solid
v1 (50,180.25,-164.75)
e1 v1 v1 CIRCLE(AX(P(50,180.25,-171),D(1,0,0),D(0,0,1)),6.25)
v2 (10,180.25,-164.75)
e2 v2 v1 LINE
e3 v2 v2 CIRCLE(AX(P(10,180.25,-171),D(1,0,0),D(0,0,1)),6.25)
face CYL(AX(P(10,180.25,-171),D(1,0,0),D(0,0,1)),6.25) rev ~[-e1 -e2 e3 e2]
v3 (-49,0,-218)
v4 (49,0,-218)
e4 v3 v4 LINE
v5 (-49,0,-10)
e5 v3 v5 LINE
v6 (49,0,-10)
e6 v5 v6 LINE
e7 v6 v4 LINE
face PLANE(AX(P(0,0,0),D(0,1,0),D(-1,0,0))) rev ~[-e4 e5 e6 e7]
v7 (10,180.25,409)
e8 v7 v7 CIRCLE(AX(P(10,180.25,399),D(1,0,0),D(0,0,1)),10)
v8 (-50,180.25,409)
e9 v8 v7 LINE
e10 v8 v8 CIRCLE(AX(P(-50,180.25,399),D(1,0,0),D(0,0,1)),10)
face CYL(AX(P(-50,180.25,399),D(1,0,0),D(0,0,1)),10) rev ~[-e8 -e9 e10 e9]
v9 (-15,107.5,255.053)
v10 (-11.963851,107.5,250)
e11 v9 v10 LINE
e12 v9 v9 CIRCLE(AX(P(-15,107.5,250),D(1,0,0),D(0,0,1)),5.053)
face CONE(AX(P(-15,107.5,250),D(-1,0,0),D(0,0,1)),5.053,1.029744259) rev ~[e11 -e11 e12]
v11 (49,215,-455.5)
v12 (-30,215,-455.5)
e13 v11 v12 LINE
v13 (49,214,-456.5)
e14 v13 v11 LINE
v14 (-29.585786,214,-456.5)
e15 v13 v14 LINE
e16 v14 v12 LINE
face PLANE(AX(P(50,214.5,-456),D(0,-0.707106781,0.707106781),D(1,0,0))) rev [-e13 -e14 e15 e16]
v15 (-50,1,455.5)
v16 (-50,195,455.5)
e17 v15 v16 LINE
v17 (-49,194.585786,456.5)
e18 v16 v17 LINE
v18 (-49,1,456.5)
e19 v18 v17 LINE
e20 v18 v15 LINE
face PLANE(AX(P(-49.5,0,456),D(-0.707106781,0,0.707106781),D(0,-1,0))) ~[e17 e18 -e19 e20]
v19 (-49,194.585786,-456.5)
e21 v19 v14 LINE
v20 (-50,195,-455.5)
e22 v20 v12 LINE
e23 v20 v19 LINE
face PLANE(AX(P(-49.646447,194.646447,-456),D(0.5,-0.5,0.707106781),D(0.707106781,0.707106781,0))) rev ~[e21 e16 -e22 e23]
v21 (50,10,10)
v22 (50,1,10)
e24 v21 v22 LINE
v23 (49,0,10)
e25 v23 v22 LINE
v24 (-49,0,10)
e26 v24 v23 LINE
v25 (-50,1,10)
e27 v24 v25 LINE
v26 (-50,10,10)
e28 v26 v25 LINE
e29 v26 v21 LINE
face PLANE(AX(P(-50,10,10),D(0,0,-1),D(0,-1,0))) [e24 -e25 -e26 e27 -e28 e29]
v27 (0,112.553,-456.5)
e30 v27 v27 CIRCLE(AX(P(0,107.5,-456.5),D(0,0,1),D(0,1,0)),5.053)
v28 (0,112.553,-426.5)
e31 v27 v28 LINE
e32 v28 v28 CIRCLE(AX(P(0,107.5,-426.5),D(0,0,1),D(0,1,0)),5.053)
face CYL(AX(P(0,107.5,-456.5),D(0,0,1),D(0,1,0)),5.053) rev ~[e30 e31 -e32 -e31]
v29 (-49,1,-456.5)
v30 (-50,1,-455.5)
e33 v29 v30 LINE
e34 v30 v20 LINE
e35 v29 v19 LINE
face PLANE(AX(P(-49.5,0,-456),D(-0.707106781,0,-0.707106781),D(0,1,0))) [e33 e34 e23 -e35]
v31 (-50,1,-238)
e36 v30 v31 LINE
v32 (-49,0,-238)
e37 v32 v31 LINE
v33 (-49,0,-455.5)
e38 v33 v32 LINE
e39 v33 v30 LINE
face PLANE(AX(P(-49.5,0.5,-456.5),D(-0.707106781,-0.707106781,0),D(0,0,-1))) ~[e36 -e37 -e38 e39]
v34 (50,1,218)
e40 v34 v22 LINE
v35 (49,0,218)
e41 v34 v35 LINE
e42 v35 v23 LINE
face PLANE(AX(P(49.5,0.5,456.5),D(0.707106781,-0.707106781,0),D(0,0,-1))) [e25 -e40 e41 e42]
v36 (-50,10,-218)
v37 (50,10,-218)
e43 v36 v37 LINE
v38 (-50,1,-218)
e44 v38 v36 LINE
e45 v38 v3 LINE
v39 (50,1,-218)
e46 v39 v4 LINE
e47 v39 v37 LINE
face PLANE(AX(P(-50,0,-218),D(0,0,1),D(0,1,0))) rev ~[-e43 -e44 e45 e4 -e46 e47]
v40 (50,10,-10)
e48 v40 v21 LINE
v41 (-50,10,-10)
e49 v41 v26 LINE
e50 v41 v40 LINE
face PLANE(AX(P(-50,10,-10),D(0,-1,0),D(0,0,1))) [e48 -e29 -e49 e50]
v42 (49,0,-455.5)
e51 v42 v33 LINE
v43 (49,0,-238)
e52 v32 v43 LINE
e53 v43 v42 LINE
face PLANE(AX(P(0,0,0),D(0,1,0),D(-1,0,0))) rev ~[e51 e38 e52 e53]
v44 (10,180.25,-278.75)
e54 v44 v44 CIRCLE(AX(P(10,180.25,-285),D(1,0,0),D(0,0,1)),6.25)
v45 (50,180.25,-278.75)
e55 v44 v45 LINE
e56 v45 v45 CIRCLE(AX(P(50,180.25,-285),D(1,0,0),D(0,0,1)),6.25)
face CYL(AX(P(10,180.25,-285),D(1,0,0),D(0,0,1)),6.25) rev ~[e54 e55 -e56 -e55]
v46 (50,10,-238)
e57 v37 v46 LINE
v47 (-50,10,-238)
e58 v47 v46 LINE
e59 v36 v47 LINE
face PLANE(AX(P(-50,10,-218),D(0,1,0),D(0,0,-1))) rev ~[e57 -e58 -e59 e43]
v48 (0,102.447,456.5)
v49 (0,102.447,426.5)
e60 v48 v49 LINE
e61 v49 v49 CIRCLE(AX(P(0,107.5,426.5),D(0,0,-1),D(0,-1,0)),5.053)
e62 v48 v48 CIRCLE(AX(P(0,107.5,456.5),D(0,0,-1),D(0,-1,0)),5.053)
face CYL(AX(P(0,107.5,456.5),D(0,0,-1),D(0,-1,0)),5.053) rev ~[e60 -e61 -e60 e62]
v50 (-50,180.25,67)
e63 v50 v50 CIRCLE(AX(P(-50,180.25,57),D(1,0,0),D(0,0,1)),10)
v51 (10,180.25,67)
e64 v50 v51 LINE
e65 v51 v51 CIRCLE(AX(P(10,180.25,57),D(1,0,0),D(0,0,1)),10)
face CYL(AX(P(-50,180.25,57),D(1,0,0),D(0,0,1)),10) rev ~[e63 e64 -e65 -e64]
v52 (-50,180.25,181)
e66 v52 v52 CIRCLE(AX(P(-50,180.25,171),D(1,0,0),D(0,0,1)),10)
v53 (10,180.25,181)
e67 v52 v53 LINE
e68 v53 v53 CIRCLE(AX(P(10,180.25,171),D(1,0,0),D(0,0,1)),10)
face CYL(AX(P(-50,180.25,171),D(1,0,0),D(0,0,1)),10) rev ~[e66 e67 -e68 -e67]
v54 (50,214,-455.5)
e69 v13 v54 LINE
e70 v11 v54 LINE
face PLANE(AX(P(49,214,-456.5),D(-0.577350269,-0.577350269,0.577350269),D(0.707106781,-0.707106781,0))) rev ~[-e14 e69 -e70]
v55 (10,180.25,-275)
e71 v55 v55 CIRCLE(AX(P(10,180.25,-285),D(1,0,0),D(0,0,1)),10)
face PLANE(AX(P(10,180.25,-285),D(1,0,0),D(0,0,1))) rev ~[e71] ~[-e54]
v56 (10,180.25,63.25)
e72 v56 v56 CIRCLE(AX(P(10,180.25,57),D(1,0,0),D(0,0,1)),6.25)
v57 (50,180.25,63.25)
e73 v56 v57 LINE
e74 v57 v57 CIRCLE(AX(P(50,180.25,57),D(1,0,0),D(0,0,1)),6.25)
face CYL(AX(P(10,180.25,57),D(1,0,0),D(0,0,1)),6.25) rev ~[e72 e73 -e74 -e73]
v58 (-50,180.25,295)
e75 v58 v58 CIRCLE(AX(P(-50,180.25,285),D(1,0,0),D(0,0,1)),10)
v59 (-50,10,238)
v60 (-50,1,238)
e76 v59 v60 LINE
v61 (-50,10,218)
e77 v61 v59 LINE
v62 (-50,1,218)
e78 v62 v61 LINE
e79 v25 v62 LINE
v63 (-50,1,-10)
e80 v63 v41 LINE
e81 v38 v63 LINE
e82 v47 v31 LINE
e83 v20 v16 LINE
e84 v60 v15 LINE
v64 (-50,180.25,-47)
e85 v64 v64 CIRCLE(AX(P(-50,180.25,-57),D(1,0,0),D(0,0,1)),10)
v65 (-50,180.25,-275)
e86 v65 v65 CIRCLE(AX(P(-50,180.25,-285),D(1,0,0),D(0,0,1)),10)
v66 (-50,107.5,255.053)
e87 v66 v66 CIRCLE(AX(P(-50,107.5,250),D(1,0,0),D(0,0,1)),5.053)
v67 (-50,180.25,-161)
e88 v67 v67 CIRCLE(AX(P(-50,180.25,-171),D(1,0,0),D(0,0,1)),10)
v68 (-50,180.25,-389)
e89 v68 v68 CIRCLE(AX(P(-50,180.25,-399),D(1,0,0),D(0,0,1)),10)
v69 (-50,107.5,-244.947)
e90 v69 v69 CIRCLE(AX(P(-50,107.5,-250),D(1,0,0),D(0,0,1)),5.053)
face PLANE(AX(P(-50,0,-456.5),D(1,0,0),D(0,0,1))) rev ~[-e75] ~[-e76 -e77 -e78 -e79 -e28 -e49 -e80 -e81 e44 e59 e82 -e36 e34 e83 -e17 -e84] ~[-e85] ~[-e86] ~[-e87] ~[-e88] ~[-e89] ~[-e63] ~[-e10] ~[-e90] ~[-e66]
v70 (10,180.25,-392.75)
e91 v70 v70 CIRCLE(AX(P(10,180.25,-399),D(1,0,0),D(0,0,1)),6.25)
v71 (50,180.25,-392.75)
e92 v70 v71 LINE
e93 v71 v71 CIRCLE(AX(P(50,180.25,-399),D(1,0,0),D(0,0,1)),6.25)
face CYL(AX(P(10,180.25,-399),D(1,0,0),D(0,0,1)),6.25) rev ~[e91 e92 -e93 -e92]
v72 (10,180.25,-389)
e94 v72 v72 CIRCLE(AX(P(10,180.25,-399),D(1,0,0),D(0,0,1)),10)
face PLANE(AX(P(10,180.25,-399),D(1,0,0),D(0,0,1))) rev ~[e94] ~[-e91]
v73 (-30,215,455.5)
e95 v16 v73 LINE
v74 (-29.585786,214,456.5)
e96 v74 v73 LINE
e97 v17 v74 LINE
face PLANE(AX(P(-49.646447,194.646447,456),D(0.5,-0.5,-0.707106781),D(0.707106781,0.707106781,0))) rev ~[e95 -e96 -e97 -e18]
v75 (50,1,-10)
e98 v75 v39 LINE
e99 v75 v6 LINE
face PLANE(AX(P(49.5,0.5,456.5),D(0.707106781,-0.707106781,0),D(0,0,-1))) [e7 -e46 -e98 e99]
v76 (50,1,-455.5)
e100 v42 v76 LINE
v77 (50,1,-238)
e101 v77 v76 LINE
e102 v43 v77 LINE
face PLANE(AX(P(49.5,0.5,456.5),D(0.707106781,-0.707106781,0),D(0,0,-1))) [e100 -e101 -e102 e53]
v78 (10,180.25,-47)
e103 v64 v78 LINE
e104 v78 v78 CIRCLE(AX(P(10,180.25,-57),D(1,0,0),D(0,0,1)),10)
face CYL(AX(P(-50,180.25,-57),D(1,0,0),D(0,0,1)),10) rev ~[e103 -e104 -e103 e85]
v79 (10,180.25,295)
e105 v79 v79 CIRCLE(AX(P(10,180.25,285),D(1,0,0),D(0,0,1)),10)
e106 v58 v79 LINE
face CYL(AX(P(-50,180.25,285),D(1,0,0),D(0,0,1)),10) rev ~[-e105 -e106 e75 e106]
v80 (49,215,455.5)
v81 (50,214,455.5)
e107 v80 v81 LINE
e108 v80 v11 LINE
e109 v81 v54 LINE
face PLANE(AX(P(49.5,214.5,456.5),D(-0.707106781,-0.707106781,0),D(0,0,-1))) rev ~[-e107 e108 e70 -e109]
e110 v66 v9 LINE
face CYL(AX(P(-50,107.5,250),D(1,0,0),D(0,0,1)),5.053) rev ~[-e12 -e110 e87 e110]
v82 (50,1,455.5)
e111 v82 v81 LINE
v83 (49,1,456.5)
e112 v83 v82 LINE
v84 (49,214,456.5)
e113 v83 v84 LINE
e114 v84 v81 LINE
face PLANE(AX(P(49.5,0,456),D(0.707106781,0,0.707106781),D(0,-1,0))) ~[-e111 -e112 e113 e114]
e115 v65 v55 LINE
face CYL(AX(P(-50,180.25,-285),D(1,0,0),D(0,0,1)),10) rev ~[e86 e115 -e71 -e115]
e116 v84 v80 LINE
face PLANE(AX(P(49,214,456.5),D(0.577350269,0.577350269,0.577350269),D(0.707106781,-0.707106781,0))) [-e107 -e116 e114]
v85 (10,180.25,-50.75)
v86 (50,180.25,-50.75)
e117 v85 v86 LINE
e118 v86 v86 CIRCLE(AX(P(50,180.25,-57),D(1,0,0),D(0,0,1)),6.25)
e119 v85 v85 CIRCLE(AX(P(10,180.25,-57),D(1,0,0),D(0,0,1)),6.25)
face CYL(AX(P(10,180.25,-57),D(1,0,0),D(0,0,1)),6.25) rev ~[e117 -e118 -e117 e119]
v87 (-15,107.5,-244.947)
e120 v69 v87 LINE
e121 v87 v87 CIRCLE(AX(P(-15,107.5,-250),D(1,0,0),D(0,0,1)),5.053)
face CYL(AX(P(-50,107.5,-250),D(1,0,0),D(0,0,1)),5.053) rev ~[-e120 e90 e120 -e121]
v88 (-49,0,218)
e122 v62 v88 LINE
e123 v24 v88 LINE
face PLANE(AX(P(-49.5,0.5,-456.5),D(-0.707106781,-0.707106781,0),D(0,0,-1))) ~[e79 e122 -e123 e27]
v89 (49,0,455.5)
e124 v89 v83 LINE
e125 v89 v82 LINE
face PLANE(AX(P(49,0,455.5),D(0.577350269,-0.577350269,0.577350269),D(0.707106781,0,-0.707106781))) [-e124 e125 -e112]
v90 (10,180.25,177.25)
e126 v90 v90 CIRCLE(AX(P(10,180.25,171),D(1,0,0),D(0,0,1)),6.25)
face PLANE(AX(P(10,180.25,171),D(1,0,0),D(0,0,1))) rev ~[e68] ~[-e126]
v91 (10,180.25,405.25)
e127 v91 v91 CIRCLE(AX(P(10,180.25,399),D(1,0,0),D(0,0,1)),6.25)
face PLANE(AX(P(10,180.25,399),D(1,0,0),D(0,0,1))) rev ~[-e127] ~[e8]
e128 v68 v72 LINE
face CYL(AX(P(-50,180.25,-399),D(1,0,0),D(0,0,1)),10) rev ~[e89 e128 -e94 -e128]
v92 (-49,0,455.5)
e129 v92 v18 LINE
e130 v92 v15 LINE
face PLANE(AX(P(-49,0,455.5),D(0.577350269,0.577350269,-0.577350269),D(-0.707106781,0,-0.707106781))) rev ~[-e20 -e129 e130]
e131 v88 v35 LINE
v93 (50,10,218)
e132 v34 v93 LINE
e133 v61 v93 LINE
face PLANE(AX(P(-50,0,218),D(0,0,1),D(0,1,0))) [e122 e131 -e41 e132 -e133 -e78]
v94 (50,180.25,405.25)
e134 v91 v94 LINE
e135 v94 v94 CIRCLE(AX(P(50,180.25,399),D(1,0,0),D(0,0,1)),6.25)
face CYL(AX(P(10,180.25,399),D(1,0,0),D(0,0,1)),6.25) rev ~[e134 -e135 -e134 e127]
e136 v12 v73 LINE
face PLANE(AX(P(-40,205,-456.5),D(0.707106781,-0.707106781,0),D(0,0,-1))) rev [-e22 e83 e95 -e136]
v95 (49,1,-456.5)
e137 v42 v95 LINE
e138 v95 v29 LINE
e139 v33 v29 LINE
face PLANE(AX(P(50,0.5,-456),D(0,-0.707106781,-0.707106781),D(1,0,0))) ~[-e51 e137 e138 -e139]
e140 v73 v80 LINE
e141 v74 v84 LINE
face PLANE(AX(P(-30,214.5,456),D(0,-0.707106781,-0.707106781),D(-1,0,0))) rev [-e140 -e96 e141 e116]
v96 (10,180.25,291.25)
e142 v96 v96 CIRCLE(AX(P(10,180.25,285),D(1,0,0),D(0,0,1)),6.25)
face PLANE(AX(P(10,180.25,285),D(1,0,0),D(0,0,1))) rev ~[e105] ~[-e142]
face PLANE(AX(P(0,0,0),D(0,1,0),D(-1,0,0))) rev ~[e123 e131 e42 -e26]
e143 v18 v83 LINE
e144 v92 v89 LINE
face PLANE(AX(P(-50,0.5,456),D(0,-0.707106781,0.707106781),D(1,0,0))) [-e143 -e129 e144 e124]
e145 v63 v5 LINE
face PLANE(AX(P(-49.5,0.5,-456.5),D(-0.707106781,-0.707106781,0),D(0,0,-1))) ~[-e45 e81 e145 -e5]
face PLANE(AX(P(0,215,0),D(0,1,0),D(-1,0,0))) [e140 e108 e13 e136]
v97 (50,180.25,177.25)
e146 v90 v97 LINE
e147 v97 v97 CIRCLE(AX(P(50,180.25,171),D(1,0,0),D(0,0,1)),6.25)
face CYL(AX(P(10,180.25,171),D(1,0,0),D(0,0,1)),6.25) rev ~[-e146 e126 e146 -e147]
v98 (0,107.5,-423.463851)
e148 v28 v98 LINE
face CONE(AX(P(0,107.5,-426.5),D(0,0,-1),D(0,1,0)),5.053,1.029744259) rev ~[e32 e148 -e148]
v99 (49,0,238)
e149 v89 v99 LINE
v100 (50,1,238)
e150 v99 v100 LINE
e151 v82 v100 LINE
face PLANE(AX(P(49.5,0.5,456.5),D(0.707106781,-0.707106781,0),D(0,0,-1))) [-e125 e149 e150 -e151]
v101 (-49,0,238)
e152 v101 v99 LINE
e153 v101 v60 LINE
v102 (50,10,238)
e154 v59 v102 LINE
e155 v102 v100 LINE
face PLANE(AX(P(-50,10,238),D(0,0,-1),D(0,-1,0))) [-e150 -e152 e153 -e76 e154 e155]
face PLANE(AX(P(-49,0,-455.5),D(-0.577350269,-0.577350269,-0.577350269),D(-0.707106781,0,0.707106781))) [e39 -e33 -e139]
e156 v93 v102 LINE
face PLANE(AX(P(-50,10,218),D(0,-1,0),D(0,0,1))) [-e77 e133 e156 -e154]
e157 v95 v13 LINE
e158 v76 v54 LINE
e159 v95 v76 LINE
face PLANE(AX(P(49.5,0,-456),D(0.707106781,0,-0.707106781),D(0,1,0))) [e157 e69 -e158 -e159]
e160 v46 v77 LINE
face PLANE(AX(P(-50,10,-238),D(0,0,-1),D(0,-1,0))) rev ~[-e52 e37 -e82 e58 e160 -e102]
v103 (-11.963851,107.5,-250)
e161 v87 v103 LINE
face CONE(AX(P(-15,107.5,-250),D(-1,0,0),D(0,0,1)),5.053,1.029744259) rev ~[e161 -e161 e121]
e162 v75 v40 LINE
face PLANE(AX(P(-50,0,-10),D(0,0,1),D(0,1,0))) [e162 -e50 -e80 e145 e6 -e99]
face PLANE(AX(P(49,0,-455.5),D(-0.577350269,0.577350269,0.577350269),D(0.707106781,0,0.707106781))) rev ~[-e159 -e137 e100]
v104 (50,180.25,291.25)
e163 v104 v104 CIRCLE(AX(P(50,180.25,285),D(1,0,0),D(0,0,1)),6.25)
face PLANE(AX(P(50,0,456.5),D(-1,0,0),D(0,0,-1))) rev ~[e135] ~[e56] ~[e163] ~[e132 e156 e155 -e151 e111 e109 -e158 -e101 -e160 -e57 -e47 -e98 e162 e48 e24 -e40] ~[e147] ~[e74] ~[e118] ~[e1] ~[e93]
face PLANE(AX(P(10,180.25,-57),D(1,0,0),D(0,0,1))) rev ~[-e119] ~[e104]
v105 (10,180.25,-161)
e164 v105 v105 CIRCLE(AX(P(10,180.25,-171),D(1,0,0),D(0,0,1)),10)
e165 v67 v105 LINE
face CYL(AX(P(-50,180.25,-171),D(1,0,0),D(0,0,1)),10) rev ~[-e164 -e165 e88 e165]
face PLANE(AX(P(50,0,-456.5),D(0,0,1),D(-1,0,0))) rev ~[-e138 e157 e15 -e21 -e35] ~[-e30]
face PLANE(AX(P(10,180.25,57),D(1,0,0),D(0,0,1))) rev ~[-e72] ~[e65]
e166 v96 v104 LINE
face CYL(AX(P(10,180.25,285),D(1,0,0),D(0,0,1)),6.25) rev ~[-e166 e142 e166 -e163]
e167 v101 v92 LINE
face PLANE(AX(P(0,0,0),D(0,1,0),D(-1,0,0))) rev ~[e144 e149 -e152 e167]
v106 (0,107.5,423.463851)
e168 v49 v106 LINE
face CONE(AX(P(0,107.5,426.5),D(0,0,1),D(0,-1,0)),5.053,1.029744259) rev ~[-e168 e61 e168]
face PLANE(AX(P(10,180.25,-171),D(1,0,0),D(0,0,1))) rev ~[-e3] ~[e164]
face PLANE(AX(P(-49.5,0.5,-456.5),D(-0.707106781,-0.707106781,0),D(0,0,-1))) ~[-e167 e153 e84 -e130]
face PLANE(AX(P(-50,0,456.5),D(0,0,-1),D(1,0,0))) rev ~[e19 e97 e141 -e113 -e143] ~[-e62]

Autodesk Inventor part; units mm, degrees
ref_plane "YZ Plane" through (0, 0, 0) normal (1, 0, 0) x (0, 1, 0)
ref_plane "XZ Plane" through (0, 0, 0) normal (0, 1, 0) x (-1, 0, 0)
ref_plane "XY Plane" through (0, 0, 0) normal (0, 0, 1) x (1, 0, 0)
sketch "Sketch5" plane through (0, 0, 0) normal (0, 1, 0) x (-1, 0, 0)
  line L0 (50, 456.5) -> (-50, 456.5)
  line L1 (-50, 456.5) -> (-50, -456.5)
  line L2 (-50, -456.5) -> (50, -456.5)
  line L3 (50, -456.5) -> (50, 456.5)
  point P0 (0, 0)
  point P1 (50, 0)
  point P2 (0, 456.5)
  dimension "d8" = 100
  dimension "d9" = 913
extrude "Extrusion5" add sketch "Sketch5" along normal blind 215
sketch "Sketch7" plane through (-50, 0, -456.5) normal (-1, 0, 0) x (0, 0, 1)
  line L0 (0, 215) -> (913, 215) projected
  circle A0 centre (855.5, 180.25) radius 5.8396
  circle A1 centre (741.5, 180.25) radius 5.8396
  circle A2 centre (627.5, 180.25) radius 5.8396
  circle A3 centre (513.5, 180.25) radius 5.8396
  line L1 (456.5, 215) -> (456.5, 169.0746) construction
  circle A4 centre (57.5, 180.25) radius 5.8396
  circle A5 centre (171.5, 180.25) radius 5.8396
  circle A6 centre (285.5, 180.25) radius 5.8396
  circle A7 centre (399.5, 180.25) radius 5.8396
  line L2 (913, 0) -> (913, 215) projected
  point P0 (456.5, 0)
  point P1 (456.5, 0)
  dimension "d21" = 114
  dimension "d22" = 114
  dimension "d23" = 114
  dimension "d24" = 57
  dimension "d25" = 34.75
  dimension "d37" = 57.5
hole "Hole1" at (-50, 180.25, 399) at (-50, 180.25, 285) at (-50, 180.25, 171) at (-50, 180.25, 57) at (-50, 180.25, -57) at (-50, 180.25, -171) at (-50, 180.25, -285) at (-50, 180.25, -399) direction (1, 0, 0) diameter 12.5 end through all counterbore diameter 20 counterbore depth 60 clearance for "Socket Head Cap Screw DIN EN ISO 4762" size "M12" standard "DIN"
chamfer "Chamfer3" distance 20 angle 45 1 edges at (-50, 215, 0)
sketch "Sketch9" plane through (-50, 0, 456.5) normal (0, 0, 1) x (1, 0, 0)
  line L0 (0, 0) -> (100, 0) projected
  line L1 (100, 0) -> (100, 215) projected
  circle A0 centre (50, 107.5) radius 6
  point P0 (50, 0)
  point P1 (50, 0)
  point P2 (100, 107.5)
  dimension "d38" = 12
hole "Hole2" at (0, 107.5, 456.5) direction (0, 0, -1) diameter 10.106 depth 30 tip angle 118 thread size "M12x1.75" class "6H" standard "ANSI Metric M Profile"
sketch "Sketch10" plane through (50, 0, -456.5) normal (0, 0, -1) x (-1, 0, 0)
  line L0 (0, 0) -> (0, 215) projected
  line L1 (0, 0) -> (100, 0) projected
  circle A0 centre (50, 107.5) radius 6
  point P0 (50, 0)
  point P1 (0, 107.5)
  point P2 (50, 0)
  dimension "d46" = 12
hole "Hole3" at (0, 107.5, -456.5) direction (0, 0, 1) diameter 10.106 depth 30 tip angle 118 thread size "M12x1.75" class "6H" standard "ANSI Metric M Profile"
chamfer "Chamfer4" distance 1 angle 45 13 edges at (50, 215, 0) (10, 215, -456.5) (50, 107.5, -456.5) (-50, 97.5, -456.5) (0, 0, -456.5) (10, 215, 456.5) (-40, 205, 456.5) (-50, 97.5, 456.5) (50, 107.5, 456.5) (0, 0, 456.5) (50, 0, 0) (-50, 0, 0) (-40, 205, -456.5)
sketch "Sketch11" plane through (-50, 1, 455.5) normal (-1, 0, 0) x (0, 0, 1)
  line L0 (-217.5, -1) -> (-237.5, -1)
  line L1 (-237.5, -1) -> (-237.5, 9)
  line L2 (-237.5, 9) -> (-217.5, 9)
  line L3 (-217.5, 9) -> (-217.5, -1)
  line L4 (-445.5, -1) -> (-465.5, -1)
  line L5 (-465.5, -1) -> (-465.5, 9)
  line L6 (-465.5, 9) -> (-445.5, 9)
  line L7 (-445.5, 9) -> (-445.5, -1)
  line L8 (-911, -1) -> (0, -1) projected
  line L9 (-227.5, 9) -> (-227.5, 5.4206) construction
  line L10 (-455.5, -1) -> (-455.5, -35.8599) construction
  line L11 (-693.5, -1) -> (-673.5, -1)
  line L12 (-673.5, -1) -> (-673.5, 9)
  line L13 (-673.5, 9) -> (-693.5, 9)
  line L14 (-693.5, 9) -> (-693.5, -1)
  line L15 (-683.5, 9) -> (-683.5, 5.4206) construction
  point P0 (-455.5, 9)
  dimension "d57" = 20
  dimension "d58" = 10
  dimension "d59" = 10
  dimension "d60" = 20
  dimension "d61" = 228
extrude "Extrusion7" cut sketch "Sketch11" against normal through all
sketch "Sketch12" plane through (-50, 1, 455.5) normal (-1, 0, 0) x (0, 0, 1)
  circle A0 centre (-205.5, 106.5) radius 6
  circle A1 centre (-705.5, 106.5) radius 6
  line L0 (0, 214) -> (-911, 214) projected
  line L1 (-217.5, -1) -> (0, -1) projected
  point P0 (-455.5, -1)
  dimension "d64" = 215
  dimension "d65" = 107.5
  dimension "d66" = 500
  dimension "d67" = 911
  dimension "d68" = 250
  dimension "d69" = 12
hole "Hole4" at (-50, 107.5, 250) at (-50, 107.5, -250) direction (1, 0, 0) diameter 10.106 depth 35 tip angle 118 thread size "M12x1.75" class "6H" standard "ANSI Metric M Profile"
equation "\"d22\" = d21"
equation "\"d23\" = d21"
equation "\"d24\" = 0.5 * d21"
equation "\"d60\" = d57"
equation "\"d65\" = 0.5 * d64"
equation "\"d68\" = 0.5 * d66"
properties part number "BC-10006" material "Aço Carbono AISI 1006"
